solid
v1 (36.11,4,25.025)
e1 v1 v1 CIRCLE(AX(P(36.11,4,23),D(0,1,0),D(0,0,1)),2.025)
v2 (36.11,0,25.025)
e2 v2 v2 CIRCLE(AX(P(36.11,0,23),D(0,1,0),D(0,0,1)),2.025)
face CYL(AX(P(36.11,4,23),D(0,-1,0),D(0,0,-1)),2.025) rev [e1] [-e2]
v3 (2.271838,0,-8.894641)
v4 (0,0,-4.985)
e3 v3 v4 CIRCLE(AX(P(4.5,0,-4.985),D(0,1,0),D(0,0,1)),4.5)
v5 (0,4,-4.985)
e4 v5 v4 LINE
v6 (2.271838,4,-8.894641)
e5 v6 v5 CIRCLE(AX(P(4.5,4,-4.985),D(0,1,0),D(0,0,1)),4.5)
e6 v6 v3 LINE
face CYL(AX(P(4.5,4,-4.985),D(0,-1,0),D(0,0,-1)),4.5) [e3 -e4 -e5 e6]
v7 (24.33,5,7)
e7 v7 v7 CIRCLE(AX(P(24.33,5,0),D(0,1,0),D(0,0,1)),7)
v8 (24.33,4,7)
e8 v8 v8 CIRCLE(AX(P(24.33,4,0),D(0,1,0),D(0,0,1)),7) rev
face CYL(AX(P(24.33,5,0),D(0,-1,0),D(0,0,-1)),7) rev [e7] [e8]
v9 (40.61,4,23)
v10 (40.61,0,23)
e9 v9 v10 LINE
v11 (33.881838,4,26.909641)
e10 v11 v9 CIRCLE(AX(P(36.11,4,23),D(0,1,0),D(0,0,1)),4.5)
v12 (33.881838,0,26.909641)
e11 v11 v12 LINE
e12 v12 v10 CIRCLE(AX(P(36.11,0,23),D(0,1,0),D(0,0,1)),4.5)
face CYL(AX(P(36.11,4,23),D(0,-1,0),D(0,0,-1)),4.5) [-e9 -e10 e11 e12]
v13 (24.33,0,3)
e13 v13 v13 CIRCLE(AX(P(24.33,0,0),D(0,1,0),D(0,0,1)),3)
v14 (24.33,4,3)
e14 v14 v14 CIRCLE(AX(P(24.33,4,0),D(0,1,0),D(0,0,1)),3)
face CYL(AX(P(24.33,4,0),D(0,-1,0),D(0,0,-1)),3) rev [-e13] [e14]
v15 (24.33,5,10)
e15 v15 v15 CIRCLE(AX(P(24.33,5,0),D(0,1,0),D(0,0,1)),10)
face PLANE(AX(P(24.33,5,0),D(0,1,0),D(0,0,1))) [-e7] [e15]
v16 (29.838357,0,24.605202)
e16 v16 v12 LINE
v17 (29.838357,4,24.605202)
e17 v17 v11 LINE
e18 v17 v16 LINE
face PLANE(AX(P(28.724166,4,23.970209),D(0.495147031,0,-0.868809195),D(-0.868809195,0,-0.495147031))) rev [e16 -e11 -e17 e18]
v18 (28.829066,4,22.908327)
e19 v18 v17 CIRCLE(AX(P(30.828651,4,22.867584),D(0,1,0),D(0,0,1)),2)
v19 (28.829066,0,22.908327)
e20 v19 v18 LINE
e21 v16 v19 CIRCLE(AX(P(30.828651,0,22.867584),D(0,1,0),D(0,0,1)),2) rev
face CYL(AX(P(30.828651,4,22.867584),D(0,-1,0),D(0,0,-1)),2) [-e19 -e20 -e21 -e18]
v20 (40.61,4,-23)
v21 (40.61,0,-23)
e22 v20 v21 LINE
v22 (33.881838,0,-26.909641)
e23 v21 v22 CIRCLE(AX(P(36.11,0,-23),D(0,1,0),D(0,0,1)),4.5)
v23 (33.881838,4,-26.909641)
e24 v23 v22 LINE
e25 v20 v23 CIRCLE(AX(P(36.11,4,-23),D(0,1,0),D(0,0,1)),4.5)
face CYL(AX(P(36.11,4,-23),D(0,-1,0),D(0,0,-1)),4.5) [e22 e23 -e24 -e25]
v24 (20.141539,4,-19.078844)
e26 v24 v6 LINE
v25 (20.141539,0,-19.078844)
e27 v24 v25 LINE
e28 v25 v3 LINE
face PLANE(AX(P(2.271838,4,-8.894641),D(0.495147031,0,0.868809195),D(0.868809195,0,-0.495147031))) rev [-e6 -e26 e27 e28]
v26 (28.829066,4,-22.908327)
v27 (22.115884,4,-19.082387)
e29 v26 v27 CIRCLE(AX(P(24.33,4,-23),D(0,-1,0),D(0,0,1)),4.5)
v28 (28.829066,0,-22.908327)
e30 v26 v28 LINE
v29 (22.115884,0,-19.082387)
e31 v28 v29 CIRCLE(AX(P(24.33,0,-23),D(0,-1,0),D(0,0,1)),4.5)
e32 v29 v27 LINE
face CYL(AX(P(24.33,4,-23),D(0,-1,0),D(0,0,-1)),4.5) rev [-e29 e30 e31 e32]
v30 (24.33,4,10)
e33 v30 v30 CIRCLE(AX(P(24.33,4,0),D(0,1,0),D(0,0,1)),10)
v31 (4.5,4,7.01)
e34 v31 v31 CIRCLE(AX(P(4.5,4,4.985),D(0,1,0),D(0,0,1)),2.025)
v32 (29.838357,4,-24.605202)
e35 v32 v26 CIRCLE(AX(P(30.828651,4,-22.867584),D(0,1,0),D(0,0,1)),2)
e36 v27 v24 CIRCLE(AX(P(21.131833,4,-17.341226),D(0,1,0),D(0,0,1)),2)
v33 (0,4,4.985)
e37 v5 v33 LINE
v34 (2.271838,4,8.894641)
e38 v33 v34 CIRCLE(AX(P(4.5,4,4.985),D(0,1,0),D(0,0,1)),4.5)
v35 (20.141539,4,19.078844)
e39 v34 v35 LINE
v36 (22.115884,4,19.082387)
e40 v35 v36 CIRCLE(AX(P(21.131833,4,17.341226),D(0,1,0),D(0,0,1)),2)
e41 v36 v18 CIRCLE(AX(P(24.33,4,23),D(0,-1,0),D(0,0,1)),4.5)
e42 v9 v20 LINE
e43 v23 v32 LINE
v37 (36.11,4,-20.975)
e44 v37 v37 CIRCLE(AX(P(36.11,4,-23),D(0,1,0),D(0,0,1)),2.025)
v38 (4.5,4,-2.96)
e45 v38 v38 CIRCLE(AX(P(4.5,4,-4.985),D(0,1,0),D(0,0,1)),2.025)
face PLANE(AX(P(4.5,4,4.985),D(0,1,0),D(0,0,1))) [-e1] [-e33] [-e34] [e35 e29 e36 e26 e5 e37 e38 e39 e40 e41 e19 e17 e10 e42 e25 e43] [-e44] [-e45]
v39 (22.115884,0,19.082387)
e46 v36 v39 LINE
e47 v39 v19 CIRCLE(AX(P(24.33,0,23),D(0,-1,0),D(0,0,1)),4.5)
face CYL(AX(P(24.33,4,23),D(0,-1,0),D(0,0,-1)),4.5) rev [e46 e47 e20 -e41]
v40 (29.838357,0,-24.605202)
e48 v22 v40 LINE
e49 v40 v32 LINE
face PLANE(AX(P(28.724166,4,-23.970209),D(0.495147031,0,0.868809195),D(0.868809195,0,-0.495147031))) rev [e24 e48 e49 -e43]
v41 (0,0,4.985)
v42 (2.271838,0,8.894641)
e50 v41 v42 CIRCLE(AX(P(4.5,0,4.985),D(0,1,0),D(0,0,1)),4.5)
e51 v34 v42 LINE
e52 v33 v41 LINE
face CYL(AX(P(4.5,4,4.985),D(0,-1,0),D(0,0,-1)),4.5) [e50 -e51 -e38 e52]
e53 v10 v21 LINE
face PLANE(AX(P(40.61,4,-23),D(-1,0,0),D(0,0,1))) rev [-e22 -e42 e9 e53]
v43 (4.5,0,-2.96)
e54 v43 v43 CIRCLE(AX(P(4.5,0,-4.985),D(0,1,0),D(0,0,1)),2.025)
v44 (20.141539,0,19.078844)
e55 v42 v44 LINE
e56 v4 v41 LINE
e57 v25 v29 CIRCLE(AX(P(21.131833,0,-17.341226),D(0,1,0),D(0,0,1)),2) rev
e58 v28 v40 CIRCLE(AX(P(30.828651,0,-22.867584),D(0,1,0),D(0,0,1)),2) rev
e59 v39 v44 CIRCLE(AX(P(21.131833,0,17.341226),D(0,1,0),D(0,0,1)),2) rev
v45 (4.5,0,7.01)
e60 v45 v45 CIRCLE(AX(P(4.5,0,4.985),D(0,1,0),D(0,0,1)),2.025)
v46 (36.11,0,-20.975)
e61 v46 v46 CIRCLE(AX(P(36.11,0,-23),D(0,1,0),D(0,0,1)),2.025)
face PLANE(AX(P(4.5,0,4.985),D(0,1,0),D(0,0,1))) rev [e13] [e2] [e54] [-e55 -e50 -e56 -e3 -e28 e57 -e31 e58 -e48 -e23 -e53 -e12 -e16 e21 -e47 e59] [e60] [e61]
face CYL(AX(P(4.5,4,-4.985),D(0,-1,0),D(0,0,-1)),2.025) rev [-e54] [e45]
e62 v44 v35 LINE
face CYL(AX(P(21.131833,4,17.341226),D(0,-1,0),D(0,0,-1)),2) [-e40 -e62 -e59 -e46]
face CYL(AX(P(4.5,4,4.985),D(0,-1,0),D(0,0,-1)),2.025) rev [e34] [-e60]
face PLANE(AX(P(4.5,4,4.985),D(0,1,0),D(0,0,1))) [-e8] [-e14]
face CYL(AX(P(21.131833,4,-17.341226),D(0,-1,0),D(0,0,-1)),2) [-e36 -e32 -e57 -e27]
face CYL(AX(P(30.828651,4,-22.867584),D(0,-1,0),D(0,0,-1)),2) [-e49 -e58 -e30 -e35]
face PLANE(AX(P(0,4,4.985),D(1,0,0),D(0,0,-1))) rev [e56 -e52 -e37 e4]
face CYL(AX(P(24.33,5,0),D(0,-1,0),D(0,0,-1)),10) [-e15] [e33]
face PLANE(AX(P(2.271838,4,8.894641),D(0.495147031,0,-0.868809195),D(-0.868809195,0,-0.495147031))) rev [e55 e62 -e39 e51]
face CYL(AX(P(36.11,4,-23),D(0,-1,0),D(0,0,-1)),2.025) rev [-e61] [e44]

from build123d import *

# Parameters (mm, degrees)
SKETCH1_R           = 2.025
SKETCH1_R_2         = 3
BOSS_EXTRUDE1_DEPTH = 4
SKETCH2_R           = 10
SKETCH2_R_2         = 7
BOSS_EXTRUDE2_DEPTH = 1
FILLET1_R           = 2


with BuildPart() as part:
    # Sketch1 → Boss-Extrude1 (new body)
    with BuildSketch(Plane(origin=(0, 0, 0), x_dir=(1, 0, 0), z_dir=(0, 1, 0))):
        with BuildLine():
            Line((2.27183836, -8.894641378), (21.255729613, -19.713837864))
            ThreePointArc((21.255729613, -19.713837864), (26.55816164, -19.090358622), (28.724166028, -23.970208697))
            Line((28.724166028, -23.970208697), (33.88183836, -26.909641378))
            ThreePointArc((33.88183836, -26.909641378), (38.370892813, -26.890805018), (40.61, -23))
            Line((40.61, -23), (40.61, 23))
            ThreePointArc((40.61, 23), (38.370892813, 26.890805018), (33.88183836, 26.909641378))
            Line((33.88183836, 26.909641378), (28.724166028, 23.970208697))
            ThreePointArc((28.724166028, 23.970208697), (26.55816164, 19.090358622), (21.255729613, 19.713837864))
            Line((21.255729613, 19.713837864), (2.27183836, 8.894641378))
            ThreePointArc((2.27183836, 8.894641378), (0.609194982, 7.245892813), (0, 4.985))
            Line((0, 4.985), (0, -4.985))
            ThreePointArc((0, -4.985), (0.609194982, -7.245892813), (2.27183836, -8.894641378))
        make_face()
        with Locations((36.11, -23)):
            Circle(SKETCH1_R, mode=Mode.SUBTRACT)
        with Locations((36.11, 23)):
            Circle(SKETCH1_R, mode=Mode.SUBTRACT)
        with Locations((4.5, 4.985)):
            Circle(SKETCH1_R, mode=Mode.SUBTRACT)
        with Locations((4.5, -4.985)):
            Circle(SKETCH1_R, mode=Mode.SUBTRACT)
        with Locations((24.33, 0)):
            Circle(SKETCH1_R_2, mode=Mode.SUBTRACT)
    extrude(amount=BOSS_EXTRUDE1_DEPTH)

    # Sketch2 → Boss-Extrude2 (add)
    with BuildSketch(Plane(origin=(0, 4, 0), x_dir=(1, 0, 0), z_dir=(0, 1, 0))):
        with Locations((24.33, 0)):
            Circle(SKETCH2_R)
        with Locations((24.33, 0)):
            Circle(SKETCH2_R_2, mode=Mode.SUBTRACT)
    extrude(amount=BOSS_EXTRUDE2_DEPTH)

    # Fillet1
    fillet1_edges = [part.edges().sort_by_distance(p)[0] for p in [
        (21.255729613, 2, -19.713837864),
        (28.724166028, 2, -23.970208697),
        (28.724166028, 2, 23.970208697),
        (21.255729613, 2, 19.713837864),
    ]]
    fillet(fillet1_edges, radius=FILLET1_R)


solid = part.part
